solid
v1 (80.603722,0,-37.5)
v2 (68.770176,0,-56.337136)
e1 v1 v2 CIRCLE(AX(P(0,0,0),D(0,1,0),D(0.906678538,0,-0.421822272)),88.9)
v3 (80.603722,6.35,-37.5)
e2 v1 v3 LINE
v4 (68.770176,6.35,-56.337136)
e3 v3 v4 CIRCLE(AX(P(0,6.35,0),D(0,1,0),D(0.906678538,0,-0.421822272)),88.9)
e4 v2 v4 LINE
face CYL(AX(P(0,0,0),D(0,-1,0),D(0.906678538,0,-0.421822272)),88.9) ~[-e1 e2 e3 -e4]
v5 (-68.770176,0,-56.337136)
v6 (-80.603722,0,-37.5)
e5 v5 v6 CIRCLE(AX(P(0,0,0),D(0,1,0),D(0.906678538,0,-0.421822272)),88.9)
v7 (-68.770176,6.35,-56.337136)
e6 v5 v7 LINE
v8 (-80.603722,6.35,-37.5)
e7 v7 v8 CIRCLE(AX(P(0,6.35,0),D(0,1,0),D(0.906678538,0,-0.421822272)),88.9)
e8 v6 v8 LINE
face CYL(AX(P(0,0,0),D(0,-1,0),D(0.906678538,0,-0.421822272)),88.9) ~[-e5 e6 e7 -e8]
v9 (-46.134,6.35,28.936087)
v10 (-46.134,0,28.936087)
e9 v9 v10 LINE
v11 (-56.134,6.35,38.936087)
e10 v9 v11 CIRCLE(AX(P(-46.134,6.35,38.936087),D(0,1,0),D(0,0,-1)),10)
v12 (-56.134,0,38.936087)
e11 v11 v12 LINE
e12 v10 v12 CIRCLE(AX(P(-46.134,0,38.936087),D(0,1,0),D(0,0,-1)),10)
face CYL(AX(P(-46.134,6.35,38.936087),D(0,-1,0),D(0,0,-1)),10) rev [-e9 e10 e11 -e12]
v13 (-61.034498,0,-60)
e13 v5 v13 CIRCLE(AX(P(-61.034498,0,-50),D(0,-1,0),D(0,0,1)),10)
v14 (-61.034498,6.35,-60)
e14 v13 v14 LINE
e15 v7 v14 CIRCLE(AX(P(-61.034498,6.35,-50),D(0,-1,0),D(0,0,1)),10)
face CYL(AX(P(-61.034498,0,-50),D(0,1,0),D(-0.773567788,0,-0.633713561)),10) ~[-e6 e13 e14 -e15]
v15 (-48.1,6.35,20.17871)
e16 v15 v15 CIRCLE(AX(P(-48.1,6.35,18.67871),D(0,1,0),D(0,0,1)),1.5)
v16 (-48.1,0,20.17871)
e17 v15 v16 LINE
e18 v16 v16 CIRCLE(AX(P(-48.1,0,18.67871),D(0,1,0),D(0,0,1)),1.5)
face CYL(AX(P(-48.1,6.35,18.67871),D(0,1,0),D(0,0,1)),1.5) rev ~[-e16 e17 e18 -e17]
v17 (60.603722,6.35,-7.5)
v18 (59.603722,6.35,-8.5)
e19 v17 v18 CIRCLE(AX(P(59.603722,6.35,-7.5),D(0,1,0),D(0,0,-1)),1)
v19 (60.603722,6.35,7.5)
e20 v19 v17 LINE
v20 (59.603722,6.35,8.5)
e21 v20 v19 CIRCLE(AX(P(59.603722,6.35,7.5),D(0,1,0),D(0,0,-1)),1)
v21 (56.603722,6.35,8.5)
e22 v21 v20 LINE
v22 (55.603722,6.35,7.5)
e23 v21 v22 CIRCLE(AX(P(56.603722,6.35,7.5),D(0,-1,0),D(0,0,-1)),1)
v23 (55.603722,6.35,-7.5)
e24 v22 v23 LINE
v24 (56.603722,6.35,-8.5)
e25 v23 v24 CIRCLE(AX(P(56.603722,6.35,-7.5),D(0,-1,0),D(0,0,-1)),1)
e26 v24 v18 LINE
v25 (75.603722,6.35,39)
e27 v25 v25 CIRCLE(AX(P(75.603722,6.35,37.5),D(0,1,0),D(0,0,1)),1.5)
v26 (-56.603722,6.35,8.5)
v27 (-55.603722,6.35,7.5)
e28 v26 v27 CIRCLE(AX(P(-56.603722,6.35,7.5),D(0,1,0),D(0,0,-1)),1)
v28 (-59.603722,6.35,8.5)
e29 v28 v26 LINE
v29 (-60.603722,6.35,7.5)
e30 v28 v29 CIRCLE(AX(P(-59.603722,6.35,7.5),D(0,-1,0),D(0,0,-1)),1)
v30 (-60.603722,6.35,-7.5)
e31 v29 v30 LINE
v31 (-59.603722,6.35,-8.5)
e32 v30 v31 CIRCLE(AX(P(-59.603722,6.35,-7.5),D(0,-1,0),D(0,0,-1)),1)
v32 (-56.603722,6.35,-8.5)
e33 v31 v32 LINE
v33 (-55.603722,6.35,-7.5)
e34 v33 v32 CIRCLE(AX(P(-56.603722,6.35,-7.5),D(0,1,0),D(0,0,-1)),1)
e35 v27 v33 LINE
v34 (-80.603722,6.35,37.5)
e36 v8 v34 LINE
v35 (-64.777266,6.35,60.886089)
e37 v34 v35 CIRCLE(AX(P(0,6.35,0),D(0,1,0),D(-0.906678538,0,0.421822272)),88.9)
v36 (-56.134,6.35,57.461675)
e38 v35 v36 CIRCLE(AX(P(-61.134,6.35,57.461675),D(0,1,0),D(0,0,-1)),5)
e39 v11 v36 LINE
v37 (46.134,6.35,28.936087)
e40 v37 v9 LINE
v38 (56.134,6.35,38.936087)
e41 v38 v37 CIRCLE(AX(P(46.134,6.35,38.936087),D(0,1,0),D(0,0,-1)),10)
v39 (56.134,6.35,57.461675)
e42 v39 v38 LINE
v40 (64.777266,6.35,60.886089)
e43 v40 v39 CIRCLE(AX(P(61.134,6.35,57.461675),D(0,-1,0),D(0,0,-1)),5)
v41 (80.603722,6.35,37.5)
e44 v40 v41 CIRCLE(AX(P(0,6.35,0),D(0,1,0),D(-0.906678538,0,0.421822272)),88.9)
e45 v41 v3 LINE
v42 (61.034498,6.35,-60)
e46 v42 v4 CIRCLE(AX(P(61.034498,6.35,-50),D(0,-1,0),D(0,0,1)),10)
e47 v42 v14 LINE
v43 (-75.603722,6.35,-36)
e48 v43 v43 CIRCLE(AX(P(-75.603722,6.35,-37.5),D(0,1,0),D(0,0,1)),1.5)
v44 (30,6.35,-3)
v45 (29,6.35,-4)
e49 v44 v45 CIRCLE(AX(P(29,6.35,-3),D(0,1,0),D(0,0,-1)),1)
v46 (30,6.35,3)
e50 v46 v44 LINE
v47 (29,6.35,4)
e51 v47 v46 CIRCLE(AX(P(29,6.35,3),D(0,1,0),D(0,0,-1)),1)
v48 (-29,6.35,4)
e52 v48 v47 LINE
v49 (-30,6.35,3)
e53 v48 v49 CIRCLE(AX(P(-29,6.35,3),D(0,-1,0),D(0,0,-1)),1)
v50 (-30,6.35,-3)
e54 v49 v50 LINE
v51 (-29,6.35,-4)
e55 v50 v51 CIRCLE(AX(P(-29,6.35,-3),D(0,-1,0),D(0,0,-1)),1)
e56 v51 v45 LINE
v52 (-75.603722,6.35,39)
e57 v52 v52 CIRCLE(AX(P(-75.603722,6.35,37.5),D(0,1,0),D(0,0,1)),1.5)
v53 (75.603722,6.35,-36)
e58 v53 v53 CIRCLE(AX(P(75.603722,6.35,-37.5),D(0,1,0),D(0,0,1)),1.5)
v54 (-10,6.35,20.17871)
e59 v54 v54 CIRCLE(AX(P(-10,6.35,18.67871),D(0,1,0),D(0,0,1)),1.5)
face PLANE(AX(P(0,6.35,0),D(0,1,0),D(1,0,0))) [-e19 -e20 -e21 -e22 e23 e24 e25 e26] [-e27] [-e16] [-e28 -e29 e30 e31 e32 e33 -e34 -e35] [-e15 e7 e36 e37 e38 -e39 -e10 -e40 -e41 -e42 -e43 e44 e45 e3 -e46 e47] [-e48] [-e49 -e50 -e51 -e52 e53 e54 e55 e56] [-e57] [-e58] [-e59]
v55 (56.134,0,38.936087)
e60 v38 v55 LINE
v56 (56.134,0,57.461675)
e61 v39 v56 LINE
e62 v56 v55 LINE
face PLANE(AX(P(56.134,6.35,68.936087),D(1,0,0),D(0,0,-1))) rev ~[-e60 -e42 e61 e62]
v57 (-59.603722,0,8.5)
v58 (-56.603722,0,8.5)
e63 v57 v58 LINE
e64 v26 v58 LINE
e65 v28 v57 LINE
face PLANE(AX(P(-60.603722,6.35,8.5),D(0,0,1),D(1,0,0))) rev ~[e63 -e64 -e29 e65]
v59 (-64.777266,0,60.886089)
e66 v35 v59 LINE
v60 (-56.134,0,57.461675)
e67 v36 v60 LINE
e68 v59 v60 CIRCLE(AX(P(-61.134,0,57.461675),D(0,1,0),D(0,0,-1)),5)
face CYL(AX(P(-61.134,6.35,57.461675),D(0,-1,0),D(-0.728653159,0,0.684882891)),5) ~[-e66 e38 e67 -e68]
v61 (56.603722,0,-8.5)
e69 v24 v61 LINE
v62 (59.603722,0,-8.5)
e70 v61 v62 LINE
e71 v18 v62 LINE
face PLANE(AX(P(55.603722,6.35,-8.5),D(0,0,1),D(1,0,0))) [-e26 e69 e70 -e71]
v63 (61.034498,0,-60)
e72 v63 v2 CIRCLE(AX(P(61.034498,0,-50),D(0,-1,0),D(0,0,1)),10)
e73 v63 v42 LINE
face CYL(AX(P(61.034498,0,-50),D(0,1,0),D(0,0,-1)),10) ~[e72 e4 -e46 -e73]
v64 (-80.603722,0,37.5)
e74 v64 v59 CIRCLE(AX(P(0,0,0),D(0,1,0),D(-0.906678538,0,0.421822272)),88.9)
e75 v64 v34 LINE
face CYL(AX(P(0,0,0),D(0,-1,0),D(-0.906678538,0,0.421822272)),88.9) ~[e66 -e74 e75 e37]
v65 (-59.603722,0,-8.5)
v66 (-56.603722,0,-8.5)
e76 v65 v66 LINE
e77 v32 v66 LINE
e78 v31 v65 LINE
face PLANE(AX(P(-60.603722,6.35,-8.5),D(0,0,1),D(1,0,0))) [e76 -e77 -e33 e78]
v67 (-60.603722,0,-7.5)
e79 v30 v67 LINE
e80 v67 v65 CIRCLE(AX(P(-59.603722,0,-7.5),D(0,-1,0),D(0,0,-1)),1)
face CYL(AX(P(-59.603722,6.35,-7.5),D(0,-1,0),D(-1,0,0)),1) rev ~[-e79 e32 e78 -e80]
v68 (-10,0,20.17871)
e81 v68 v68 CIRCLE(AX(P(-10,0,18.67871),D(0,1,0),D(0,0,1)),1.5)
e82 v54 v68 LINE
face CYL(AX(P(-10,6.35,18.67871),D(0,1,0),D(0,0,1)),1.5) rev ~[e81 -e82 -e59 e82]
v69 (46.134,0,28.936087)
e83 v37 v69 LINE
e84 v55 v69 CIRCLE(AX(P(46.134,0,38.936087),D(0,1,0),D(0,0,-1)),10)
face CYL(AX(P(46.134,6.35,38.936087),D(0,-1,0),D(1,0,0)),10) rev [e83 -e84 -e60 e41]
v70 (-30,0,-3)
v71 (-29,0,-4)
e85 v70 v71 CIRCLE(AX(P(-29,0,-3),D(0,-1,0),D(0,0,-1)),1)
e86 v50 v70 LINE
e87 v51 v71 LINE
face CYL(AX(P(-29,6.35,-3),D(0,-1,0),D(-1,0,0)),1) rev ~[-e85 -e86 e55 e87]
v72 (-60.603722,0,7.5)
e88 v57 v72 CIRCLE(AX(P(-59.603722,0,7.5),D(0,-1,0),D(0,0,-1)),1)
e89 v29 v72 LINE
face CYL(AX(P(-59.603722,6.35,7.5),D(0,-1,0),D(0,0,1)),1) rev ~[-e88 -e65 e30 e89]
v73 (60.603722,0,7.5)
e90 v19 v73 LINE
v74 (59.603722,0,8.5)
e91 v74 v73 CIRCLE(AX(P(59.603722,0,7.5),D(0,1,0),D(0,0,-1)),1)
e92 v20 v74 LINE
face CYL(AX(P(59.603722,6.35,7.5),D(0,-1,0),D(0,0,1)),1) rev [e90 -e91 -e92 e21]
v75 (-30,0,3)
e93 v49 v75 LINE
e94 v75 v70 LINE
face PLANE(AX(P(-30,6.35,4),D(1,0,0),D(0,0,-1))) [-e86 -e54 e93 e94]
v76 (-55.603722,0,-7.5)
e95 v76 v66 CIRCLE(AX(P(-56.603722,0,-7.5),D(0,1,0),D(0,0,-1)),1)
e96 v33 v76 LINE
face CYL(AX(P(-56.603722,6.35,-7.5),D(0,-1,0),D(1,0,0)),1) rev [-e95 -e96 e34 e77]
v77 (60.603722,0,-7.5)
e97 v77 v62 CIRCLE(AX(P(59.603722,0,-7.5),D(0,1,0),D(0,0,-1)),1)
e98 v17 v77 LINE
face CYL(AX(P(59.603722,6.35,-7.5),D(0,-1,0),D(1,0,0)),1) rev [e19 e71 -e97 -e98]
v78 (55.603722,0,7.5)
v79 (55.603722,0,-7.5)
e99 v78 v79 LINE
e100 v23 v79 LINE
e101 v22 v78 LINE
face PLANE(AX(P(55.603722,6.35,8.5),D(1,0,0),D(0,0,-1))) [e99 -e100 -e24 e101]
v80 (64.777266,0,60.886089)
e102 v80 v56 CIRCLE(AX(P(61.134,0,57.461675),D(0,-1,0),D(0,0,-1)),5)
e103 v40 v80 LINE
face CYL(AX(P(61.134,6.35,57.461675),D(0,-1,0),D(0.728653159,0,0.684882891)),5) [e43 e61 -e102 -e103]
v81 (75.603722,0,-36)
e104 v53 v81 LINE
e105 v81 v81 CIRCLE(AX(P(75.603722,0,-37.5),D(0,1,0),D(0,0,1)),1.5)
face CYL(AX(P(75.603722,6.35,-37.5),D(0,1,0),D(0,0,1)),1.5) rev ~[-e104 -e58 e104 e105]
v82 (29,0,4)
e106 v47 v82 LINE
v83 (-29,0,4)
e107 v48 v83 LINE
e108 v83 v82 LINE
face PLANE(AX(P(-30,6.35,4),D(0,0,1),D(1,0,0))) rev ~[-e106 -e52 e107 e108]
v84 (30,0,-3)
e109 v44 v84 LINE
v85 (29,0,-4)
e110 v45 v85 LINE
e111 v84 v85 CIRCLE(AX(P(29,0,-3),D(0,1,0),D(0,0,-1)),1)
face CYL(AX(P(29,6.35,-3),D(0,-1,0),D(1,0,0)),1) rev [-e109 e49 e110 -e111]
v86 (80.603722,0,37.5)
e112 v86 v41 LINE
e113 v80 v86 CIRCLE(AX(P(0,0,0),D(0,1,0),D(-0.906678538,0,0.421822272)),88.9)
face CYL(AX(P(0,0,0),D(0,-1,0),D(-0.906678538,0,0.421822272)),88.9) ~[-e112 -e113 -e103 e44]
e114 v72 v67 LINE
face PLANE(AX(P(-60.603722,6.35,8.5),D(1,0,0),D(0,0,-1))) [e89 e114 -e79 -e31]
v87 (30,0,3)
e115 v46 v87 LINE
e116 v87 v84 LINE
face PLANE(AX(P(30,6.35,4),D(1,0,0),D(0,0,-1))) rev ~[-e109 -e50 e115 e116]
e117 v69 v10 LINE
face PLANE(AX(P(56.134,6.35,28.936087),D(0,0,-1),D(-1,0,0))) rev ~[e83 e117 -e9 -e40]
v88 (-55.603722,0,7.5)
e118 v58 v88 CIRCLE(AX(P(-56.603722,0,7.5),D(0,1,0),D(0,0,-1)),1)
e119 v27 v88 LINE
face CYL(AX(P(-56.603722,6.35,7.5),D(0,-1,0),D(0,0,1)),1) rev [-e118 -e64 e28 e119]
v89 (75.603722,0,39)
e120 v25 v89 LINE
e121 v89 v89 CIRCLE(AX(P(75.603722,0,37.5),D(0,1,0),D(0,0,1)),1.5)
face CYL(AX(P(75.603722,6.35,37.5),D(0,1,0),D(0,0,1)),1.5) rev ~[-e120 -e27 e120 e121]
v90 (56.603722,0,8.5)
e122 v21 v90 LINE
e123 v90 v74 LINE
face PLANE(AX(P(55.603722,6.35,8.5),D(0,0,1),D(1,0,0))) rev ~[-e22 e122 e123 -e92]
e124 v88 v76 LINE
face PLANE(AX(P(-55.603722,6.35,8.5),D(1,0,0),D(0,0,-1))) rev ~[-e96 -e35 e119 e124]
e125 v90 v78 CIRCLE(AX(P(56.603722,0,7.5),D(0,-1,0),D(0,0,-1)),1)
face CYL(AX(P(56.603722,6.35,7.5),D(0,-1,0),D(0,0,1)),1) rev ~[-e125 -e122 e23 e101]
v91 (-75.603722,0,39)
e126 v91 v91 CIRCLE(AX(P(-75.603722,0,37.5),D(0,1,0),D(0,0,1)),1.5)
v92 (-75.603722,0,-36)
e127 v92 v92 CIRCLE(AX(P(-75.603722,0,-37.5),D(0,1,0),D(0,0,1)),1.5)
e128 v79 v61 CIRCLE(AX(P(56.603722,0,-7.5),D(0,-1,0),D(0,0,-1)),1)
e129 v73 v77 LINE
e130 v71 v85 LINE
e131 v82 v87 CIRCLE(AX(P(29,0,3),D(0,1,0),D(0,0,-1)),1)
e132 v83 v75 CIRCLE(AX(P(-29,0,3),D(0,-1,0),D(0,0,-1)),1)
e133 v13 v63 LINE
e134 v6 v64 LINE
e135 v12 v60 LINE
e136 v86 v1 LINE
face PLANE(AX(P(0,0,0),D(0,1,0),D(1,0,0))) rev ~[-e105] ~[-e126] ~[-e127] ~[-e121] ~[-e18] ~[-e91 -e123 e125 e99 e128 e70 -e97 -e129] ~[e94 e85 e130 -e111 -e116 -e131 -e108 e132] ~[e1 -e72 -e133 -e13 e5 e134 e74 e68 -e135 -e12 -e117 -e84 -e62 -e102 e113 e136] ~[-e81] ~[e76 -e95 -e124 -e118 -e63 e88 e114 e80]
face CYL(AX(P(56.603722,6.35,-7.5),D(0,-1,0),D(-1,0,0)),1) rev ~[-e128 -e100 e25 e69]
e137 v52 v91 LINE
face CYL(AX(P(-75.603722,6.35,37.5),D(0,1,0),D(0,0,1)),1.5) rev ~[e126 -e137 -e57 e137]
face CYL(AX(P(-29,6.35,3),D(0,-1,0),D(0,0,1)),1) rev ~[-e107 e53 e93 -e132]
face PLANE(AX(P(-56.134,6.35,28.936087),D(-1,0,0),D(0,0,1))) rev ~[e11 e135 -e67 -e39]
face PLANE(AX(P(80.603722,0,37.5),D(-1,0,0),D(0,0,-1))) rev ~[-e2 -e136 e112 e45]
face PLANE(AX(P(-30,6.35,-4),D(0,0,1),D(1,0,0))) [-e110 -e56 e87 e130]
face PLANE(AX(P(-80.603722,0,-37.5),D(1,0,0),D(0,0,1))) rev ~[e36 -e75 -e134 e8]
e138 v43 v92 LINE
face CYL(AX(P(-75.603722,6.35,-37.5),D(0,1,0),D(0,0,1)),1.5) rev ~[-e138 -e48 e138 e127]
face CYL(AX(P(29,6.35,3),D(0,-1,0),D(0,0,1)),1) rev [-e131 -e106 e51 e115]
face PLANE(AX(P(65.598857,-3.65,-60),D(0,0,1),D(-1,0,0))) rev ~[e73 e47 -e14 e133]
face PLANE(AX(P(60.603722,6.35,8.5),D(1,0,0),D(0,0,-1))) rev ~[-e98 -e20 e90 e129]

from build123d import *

# Parameters (mm, degrees)
MAIN_BODY_DEPTH    = 6.35
SKETCH6_R          = 1.524
FRONT_IR_DEPTH     = 121.168600308
SKETCH10_W         = 38.1
SKETCH10_H         = 25.908
GRABBER_SLOT_DEPTH = 121.168600308
SKETCH11_W         = 5
SKETCH11_H         = 17
SKETCH11_W_2       = 60
SKETCH11_H_2       = 8
WIRE_SLOTS_DEPTH   = 121.168600308
SKETCH13_R         = 1.5
F_2ND_LEVEL_DEPTH  = 121.168600308
CUT_EXTRUDE1_DEPTH = 121.168600308
FILLET1_R          = 5
FILLET2_R          = 10
CUT_EXTRUDE2_START = -10
CUT_EXTRUDE2_DEPTH = 10
FILLET3_R          = 10
FILLET4_R          = 1
SKETCH17_R         = 1.5
CUT_EXTRUDE3_DEPTH = 103.170168296


with BuildPart() as part:
    # Sketch1 → Main Body (new body)
    with BuildSketch(Plane(origin=(0, 0, 0), x_dir=(1, 0, 0), z_dir=(0, 1, 0))):
        with BuildLine():
            Line((-80.603721998, 37.5), (-80.603721998, -37.5))
            ThreePointArc((-80.603721998, -37.5), (0, -88.9), (80.603721998, -37.5))
            Line((80.603721998, -37.5), (80.603721998, 37.5))
            ThreePointArc((80.603721998, 37.5), (0, 88.9), (-80.603721998, 37.5))
        make_face()
    extrude(amount=MAIN_BODY_DEPTH)

    # Sketch6 → Front IR (cut, through all)
    with BuildSketch(Plane(origin=(0, 6.35, 0), x_dir=(1, 0, 0), z_dir=(0, 1, 0))):
        with Locations(Location((-12.7, -69.596, 0), (0, 0, 270))):
            Circle(SKETCH6_R)
        with Locations(Location((12.7, -69.596, 0), (0, 0, 270))):
            Circle(SKETCH6_R)
    extrude(amount=-FRONT_IR_DEPTH, mode=Mode.SUBTRACT)

    # Sketch10 → Grabber slot (cut, through all)
    with BuildSketch(Plane(origin=(0, 6.35, 0), x_dir=(1, 0, 0), z_dir=(0, 1, 0))):
        with Locations((0, -88.9)):
            Rectangle(SKETCH10_W, SKETCH10_H)
    extrude(amount=-GRABBER_SLOT_DEPTH, mode=Mode.SUBTRACT)

    # Sketch11 → Wire slots (cut, through all)
    with BuildSketch(Plane(origin=(0, 6.35, 0), x_dir=(1, 0, 0), z_dir=(0, 1, 0))):
        with Locations((-58.103721998, 0)):
            Rectangle(SKETCH11_W, SKETCH11_H)
        Rectangle(SKETCH11_W_2, SKETCH11_H_2)
        with Locations((58.103721998, 0)):
            Rectangle(SKETCH11_W, SKETCH11_H)
    extrude(amount=-WIRE_SLOTS_DEPTH, mode=Mode.SUBTRACT)

    # Sketch13 → 2nd level (cut, through all)
    with BuildSketch(Plane(origin=(0, 6.35, 0), x_dir=(1, 0, 0), z_dir=(0, 1, 0))):
        with Locations(Location((75.603721998, -37.5, 0), (0, 0, 270))):
            Circle(SKETCH13_R)
        with Locations(Location((-75.603721998, -37.5, 0), (0, 0, 270))):
            Circle(SKETCH13_R)
        with Locations(Location((75.603721998, 37.5, 0), (0, 0, 270))):
            Circle(SKETCH13_R)
        with Locations(Location((-75.603721998, 37.5, 0), (0, 0, 270))):
            Circle(SKETCH13_R)
    extrude(amount=-F_2ND_LEVEL_DEPTH, mode=Mode.SUBTRACT)

    # Sketch14 → Cut-Extrude1 (cut, through all)
    with BuildSketch(Plane(origin=(0, 6.35, 0), x_dir=(1, 0, 0), z_dir=(0, 1, 0))):
        with BuildLine():
            Line((56.134, -68.93608666), (56.134, -28.93608666))
            Line((56.134, -28.93608666), (-56.134, -28.93608666))
            Line((-56.134, -28.93608666), (-56.134, -68.93608666))
            ThreePointArc((-56.134, -68.93608666), (-38.642602624, -80.062221194), (-19.05, -86.834944003))
            Line((-19.05, -86.834944003), (-19.05, -75.946))
            Line((-19.05, -75.946), (19.05, -75.946))
            Line((19.05, -75.946), (19.05, -86.834944003))
            ThreePointArc((19.05, -86.834944003), (38.642602624, -80.062221194), (56.134, -68.93608666))
        make_face()
    extrude(amount=-CUT_EXTRUDE1_DEPTH, mode=Mode.SUBTRACT)

    # Fillet1
    fillet1_edges = [part.edges().sort_by_distance(p)[0] for p in [
        (56.134, 3.175, 68.93608666),
        (-56.134, 3.175, 68.93608666),
    ]]
    fillet(fillet1_edges, radius=FILLET1_R)

    # Fillet2
    fillet2_edges = [part.edges().sort_by_distance(p)[0] for p in [
        (-56.134, 3.175, 28.93608666),
        (56.134, 3.175, 28.93608666),
    ]]
    fillet(fillet2_edges, radius=FILLET2_R)

    # Sketch16 → Cut-Extrude2 (cut)
    with BuildSketch(Plane(origin=(0, 6.35, 0), x_dir=(1, 0, 0), z_dir=(0, 1, 0)).offset(CUT_EXTRUDE2_START)):
        with BuildLine():
            Line((65.598856697, 60), (-65.598856697, 60))
            ThreePointArc((-65.598856697, 60), (0, 88.9), (65.598856697, 60))
        make_face()
    extrude(amount=CUT_EXTRUDE2_DEPTH, mode=Mode.SUBTRACT)

    # Fillet3
    fillet3_edges = [part.edges().sort_by_distance(p)[0] for p in [
        (-65.598856697, 3.175, -60),
        (65.598856697, 3.175, -60),
    ]]
    fillet(fillet3_edges, radius=FILLET3_R)

    # Fillet4
    fillet4_edges = [part.edges().sort_by_distance(p)[0] for p in [
        (-30, 3.175, 4),
        (-30, 3.175, -4),
        (30, 3.175, -4),
        (30, 3.175, 4),
        (55.603721998, 3.175, 8.5),
        (55.603721998, 3.175, -8.5),
        (60.603721998, 3.175, -8.5),
        (60.603721998, 3.175, 8.5),
        (-60.603721998, 3.175, 8.5),
        (-60.603721998, 3.175, -8.5),
        (-55.603721998, 3.175, -8.5),
        (-55.603721998, 3.175, 8.5),
    ]]
    fillet(fillet4_edges, radius=FILLET4_R)

    # Sketch17 → Cut-Extrude3 (cut, through all)
    with BuildSketch(Plane(origin=(0, 6.35, 0), x_dir=(1, 0, 0), z_dir=(0, 1, 0))):
        with Locations(Location((-48.1, -18.678710205, 0), (0, 0, 270))):
            Circle(SKETCH17_R)
        with Locations(Location((-10, -18.678710205, 0), (0, 0, 270))):
            Circle(SKETCH17_R)
    extrude(amount=-CUT_EXTRUDE3_DEPTH, mode=Mode.SUBTRACT)


solid = part.part
